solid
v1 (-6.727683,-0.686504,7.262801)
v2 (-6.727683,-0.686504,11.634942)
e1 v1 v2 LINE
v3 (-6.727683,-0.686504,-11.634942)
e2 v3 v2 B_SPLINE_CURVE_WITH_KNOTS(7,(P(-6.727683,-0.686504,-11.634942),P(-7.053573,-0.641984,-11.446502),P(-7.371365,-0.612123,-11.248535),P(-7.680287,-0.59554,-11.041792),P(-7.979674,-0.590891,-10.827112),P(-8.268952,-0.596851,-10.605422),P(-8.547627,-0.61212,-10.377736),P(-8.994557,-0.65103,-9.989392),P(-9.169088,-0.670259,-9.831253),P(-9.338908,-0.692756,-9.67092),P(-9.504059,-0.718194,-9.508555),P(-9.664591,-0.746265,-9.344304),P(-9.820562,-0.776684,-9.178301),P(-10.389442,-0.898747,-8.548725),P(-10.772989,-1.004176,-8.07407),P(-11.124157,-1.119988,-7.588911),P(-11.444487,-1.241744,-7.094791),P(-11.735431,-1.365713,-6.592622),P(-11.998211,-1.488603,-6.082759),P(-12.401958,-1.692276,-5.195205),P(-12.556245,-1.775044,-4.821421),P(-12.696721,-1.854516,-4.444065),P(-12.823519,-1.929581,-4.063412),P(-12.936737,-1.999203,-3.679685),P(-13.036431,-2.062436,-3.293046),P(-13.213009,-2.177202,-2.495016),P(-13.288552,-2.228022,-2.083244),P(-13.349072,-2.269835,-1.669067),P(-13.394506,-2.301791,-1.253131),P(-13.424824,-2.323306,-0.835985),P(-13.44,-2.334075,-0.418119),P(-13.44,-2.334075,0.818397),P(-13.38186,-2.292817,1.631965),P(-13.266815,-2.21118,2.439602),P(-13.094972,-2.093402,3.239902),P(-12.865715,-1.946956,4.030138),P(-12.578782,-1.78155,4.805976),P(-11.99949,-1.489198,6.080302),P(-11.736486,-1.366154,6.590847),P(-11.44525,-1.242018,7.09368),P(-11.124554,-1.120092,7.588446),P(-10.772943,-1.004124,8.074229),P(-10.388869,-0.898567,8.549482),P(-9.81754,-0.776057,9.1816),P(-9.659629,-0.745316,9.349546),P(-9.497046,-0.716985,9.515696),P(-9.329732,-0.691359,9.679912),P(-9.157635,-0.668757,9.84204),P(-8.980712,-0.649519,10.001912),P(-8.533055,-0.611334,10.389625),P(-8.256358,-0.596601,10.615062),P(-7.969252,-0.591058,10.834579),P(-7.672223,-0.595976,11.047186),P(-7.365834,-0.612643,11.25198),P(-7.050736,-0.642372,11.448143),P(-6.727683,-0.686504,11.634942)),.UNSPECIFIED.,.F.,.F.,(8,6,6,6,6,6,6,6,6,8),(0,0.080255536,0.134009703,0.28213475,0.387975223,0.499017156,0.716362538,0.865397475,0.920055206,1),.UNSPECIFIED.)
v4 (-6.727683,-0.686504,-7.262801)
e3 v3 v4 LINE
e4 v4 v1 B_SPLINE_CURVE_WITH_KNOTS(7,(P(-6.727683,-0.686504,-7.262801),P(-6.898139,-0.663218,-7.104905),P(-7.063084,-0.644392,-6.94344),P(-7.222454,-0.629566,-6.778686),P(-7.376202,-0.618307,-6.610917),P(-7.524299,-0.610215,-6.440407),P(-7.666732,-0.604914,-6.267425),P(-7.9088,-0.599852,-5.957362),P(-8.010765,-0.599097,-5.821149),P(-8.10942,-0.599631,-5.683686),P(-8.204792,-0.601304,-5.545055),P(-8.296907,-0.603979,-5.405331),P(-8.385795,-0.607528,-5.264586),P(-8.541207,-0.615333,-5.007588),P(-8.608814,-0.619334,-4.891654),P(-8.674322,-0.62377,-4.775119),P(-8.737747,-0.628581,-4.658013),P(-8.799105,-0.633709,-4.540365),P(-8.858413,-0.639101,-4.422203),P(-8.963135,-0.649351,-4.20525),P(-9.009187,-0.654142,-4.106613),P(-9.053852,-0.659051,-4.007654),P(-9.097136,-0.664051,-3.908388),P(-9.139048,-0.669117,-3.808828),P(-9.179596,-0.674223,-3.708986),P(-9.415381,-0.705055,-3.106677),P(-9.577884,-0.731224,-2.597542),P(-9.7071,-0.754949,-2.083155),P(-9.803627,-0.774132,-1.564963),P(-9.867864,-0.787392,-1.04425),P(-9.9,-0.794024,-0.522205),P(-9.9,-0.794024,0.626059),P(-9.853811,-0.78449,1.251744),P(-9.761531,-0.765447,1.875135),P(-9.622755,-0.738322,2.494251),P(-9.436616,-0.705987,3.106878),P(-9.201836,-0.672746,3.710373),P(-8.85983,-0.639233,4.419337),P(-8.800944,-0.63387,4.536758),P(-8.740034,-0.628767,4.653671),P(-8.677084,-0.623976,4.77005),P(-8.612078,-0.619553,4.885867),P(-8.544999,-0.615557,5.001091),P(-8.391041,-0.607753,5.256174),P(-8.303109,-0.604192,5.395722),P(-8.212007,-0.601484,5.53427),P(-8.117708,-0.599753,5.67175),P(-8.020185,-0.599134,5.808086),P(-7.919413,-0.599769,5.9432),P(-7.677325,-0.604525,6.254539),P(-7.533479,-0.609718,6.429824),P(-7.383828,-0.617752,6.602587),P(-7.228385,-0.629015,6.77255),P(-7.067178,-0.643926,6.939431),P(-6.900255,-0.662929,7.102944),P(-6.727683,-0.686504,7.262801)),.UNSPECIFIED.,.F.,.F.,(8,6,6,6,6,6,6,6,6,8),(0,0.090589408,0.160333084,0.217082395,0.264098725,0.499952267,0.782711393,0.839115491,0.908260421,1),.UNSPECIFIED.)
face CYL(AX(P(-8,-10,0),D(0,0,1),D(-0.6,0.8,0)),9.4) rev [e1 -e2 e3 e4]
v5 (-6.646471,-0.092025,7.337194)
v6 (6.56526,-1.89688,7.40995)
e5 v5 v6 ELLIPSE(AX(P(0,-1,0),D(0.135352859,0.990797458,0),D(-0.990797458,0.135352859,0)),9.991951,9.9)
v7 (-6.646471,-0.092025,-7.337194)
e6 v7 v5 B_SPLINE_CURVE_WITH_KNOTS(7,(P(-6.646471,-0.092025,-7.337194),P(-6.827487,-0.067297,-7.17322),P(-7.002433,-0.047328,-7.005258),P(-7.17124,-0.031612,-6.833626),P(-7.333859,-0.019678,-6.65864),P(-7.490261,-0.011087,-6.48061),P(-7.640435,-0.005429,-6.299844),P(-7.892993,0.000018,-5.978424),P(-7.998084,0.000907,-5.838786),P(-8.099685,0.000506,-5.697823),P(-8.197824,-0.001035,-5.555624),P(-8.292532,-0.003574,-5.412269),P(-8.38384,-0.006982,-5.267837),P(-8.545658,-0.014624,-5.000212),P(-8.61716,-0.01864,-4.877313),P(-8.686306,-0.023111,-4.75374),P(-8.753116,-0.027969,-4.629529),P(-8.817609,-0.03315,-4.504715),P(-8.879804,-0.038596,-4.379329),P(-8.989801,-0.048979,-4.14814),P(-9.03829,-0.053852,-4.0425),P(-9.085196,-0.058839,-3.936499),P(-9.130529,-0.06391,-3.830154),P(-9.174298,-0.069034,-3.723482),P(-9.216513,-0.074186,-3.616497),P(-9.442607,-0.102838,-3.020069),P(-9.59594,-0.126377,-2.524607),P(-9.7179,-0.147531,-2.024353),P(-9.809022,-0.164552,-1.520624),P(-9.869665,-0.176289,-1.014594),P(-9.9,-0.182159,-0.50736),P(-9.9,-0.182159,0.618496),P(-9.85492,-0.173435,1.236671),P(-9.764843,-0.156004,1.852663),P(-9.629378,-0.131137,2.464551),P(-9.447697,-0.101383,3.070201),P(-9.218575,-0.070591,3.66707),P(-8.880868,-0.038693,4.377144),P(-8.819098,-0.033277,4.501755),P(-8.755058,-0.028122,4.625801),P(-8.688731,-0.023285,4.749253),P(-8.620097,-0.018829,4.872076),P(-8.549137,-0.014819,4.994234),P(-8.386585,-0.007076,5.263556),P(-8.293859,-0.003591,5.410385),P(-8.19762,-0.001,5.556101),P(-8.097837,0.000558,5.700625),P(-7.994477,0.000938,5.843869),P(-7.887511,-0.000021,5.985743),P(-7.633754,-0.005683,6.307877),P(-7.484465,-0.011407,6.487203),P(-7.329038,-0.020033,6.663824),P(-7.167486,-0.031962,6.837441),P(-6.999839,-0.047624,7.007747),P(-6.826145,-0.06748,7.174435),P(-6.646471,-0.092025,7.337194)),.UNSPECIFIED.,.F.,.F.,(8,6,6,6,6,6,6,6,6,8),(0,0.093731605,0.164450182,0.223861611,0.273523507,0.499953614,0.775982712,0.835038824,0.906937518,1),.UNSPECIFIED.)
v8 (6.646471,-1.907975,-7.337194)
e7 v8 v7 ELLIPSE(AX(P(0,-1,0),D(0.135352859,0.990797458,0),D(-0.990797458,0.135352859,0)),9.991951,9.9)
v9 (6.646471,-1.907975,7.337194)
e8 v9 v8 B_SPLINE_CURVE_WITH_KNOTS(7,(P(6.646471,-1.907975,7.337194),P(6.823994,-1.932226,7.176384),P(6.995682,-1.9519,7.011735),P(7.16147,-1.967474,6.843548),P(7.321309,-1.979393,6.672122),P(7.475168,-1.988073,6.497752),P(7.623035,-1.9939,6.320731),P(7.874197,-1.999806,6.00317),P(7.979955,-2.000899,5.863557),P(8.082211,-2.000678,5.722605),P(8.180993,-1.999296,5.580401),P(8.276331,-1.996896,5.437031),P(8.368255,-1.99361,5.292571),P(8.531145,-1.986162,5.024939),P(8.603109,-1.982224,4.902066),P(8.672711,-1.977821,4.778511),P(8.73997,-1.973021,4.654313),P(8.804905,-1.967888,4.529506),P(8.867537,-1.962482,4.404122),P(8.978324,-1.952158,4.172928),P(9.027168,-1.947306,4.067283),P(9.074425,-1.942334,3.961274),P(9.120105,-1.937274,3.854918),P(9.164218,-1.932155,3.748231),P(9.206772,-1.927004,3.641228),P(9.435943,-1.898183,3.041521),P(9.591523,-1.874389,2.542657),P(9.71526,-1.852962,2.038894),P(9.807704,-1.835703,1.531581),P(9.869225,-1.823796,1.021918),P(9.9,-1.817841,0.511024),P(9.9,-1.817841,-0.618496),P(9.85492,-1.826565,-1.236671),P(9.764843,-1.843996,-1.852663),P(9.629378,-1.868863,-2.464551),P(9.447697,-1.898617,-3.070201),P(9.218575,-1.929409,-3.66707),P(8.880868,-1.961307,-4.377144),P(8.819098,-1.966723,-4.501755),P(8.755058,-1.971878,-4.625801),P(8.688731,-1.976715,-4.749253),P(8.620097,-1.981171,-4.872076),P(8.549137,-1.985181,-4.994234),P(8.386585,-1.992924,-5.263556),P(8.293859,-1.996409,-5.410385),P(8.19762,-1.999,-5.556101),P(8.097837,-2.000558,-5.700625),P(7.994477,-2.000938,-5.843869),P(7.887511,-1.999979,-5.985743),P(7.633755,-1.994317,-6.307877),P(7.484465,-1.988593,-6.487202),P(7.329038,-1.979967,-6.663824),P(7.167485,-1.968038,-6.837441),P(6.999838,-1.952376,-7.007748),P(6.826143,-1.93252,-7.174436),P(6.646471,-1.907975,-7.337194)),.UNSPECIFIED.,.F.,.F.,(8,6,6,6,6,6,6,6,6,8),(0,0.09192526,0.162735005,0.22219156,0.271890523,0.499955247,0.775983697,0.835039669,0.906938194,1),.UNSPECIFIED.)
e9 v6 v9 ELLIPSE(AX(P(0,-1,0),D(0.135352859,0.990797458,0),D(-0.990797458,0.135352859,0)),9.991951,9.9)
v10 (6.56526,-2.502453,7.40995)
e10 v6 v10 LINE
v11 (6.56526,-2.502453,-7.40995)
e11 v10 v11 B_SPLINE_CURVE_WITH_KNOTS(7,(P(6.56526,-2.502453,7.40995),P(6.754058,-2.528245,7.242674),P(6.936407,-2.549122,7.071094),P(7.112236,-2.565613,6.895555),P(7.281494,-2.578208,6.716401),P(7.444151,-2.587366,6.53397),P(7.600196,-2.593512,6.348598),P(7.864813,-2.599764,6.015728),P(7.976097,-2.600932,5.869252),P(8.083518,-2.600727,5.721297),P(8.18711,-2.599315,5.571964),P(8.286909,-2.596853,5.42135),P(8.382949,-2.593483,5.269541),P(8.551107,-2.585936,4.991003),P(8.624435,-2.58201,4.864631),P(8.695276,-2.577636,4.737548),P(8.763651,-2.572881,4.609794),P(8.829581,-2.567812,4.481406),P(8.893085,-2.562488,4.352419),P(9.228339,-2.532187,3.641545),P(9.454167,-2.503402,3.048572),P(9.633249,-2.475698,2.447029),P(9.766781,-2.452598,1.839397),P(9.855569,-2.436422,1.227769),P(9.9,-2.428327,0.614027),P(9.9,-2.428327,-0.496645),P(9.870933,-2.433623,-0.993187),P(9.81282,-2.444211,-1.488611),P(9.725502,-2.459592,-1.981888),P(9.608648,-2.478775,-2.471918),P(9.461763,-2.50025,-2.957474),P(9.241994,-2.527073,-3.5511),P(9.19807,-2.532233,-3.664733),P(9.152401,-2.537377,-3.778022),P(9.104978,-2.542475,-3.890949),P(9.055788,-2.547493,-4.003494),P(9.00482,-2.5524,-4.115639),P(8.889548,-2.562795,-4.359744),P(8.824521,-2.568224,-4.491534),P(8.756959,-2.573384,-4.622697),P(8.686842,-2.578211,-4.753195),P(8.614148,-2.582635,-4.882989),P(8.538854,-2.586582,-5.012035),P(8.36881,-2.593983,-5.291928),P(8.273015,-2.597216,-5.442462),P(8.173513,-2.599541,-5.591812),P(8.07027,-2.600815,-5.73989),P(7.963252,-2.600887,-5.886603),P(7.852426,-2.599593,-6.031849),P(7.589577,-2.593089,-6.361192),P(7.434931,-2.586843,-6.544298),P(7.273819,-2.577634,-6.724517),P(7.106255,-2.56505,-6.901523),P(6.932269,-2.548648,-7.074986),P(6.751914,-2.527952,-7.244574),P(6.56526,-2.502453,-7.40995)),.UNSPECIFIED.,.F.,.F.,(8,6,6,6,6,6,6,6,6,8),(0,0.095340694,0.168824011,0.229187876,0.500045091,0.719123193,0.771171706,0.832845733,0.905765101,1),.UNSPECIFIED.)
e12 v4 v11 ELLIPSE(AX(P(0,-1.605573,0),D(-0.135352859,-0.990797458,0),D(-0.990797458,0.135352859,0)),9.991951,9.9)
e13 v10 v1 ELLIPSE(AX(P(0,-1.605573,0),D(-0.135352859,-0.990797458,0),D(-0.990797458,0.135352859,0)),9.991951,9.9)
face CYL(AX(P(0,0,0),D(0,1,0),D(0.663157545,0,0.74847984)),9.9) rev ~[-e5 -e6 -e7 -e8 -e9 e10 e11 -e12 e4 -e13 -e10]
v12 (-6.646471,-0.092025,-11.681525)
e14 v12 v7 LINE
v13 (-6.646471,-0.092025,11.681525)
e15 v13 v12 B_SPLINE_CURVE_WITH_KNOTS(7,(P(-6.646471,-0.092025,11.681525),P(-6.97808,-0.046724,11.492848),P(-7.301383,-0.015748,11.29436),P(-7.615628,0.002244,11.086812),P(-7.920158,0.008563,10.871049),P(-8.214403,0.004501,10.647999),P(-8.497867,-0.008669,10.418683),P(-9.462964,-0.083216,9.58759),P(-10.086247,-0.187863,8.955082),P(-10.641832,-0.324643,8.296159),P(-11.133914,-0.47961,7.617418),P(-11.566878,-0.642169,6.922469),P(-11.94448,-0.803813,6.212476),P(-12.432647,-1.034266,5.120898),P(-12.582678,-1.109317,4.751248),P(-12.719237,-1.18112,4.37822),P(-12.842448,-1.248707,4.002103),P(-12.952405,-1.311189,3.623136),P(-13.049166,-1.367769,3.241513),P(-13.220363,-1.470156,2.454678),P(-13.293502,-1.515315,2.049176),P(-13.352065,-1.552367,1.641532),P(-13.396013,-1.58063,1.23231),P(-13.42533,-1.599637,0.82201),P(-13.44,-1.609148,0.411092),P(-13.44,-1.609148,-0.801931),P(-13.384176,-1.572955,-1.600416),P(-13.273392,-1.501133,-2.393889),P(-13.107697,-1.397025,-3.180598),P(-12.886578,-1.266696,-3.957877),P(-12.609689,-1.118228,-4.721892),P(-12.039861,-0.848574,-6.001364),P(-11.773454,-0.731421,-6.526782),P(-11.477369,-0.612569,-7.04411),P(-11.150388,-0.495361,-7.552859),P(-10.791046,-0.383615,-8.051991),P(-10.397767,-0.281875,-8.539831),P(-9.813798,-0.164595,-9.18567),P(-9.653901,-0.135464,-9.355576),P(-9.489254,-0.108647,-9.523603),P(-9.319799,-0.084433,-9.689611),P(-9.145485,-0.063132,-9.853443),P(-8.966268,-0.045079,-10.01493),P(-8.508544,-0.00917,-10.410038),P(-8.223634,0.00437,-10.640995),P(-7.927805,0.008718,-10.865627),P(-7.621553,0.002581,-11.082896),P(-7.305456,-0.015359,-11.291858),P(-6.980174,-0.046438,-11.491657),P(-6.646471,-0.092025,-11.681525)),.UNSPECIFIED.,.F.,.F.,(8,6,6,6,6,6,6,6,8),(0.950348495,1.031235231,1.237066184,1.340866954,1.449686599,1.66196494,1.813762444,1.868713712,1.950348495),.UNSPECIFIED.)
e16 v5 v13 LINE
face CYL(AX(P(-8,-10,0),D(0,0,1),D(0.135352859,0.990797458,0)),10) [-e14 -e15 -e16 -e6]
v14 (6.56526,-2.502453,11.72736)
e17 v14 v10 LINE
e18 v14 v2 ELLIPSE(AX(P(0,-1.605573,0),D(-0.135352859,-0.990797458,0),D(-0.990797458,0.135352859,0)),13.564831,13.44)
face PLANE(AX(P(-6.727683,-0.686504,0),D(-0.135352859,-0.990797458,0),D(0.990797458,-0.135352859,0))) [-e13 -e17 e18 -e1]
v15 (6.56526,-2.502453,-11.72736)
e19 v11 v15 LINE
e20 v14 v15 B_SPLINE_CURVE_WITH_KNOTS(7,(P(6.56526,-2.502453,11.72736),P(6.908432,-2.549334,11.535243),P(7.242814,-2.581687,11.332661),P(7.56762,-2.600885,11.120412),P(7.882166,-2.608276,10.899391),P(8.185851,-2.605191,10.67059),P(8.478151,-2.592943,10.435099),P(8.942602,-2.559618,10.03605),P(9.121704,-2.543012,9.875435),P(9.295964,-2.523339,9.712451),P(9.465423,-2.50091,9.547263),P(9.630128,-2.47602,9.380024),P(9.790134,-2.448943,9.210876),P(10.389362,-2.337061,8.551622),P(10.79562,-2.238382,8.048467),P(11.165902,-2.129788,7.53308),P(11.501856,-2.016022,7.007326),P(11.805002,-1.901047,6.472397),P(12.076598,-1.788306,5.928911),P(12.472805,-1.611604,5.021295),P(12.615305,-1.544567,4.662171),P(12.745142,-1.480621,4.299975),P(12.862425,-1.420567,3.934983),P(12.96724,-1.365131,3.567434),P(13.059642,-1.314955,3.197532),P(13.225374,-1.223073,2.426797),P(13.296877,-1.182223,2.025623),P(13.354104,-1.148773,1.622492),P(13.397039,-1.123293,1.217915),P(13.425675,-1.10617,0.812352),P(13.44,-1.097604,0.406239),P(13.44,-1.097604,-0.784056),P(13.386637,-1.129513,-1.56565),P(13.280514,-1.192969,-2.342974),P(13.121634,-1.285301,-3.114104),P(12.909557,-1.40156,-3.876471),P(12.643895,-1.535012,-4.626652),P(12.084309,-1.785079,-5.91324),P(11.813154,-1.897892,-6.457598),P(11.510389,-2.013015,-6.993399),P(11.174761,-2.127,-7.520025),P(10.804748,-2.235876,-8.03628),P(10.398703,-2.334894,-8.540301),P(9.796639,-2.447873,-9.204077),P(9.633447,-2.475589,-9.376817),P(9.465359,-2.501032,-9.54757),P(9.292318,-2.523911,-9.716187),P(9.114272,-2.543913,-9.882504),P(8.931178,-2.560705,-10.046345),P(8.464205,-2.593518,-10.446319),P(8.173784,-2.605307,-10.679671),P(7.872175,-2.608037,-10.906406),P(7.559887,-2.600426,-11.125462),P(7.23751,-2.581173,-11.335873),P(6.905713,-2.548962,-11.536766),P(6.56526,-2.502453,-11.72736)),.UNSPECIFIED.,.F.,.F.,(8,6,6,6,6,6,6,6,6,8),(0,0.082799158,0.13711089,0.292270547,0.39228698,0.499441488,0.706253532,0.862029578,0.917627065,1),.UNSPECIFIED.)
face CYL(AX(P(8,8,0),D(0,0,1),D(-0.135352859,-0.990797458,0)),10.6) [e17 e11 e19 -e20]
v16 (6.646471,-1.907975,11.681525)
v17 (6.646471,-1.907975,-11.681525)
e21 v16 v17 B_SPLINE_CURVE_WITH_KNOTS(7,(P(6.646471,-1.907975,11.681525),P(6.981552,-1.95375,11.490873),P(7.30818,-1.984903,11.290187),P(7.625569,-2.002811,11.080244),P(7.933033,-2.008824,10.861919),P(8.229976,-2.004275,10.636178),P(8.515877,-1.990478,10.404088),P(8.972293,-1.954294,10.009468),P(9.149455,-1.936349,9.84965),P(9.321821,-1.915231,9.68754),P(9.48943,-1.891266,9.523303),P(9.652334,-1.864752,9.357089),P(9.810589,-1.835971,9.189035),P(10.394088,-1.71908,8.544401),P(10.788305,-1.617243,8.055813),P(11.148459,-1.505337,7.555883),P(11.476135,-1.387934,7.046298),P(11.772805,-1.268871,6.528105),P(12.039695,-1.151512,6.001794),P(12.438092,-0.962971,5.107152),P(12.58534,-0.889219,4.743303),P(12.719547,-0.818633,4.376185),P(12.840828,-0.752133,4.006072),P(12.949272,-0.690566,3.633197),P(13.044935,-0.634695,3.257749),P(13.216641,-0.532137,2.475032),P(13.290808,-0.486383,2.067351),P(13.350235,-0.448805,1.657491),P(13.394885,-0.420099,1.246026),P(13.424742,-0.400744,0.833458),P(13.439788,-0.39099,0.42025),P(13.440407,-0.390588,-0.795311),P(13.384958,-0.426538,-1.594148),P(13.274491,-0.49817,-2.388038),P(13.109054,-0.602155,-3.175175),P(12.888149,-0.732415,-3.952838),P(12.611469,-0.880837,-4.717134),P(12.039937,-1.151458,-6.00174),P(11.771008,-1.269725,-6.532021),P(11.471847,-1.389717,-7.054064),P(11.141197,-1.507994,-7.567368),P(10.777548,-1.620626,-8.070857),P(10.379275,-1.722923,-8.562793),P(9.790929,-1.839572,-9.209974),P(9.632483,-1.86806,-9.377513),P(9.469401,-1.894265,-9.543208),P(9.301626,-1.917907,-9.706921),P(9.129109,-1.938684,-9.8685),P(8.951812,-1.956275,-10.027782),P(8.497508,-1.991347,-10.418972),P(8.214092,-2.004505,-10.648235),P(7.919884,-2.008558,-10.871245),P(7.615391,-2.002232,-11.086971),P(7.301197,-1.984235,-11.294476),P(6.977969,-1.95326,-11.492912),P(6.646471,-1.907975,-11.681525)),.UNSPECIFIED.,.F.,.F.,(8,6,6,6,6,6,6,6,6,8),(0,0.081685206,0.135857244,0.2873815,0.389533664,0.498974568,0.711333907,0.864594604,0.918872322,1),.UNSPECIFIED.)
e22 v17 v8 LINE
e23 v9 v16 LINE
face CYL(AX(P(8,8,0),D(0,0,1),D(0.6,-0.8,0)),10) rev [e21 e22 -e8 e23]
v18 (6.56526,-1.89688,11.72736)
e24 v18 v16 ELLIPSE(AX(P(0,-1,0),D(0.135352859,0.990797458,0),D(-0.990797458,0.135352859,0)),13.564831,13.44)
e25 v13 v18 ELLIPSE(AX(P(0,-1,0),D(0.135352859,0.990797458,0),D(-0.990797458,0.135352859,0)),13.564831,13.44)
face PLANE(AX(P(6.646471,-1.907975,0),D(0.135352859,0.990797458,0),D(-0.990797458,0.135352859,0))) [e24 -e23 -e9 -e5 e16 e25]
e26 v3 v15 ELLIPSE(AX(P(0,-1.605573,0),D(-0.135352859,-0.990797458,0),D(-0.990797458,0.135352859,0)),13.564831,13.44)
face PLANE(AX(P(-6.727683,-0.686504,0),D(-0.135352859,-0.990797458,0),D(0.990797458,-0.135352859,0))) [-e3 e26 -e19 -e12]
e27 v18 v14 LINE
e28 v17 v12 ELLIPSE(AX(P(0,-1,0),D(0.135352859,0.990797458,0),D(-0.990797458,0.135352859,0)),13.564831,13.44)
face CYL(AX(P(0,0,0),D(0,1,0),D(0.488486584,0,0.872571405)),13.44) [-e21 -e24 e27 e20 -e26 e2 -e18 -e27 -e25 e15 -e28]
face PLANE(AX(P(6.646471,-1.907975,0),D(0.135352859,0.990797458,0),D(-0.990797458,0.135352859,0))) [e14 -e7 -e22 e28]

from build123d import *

# Parameters (mm, degrees)
EXTRUDE_THIN1_DEPTH = 15
SKETCH2_OUTSIDE_W   = 38.632
SKETCH2_OUTSIDE_H   = 40.272
SKETCH2_OUTSIDE_R   = 13.44
SKETCH2_OUTSIDE_R_2 = 9.9
EXTRUDE1_DEPTH      = 30


with BuildPart() as part:
    # Sketch1 → Extrude-Thin1 (new, symmetric)
    with BuildSketch(Plane.XY):
        with BuildLine():
            ThreePointArc((14, 0), (10.511476834, -1.679487802), (6.646471406, -1.907974583))
            Line((6.646471406, -1.907974583), (-6.646471406, -0.092025417))
            ThreePointArc((-6.646471406, -0.092025417), (-10.511476834, -0.320512198), (-14, -2))
            Line((-14, -2), (-13.64, -2.48))
            ThreePointArc((-13.64, -2.48), (-10.360788224, -0.901281466), (-6.727683122, -0.686503892))
            Line((-6.727683122, -0.686503892), (6.565259691, -2.502453058))
            ThreePointArc((6.565259691, -2.502453058), (10.662165444, -2.26025707), (14.36, -0.48))
            Line((14.36, -0.48), (14, 0))
        make_face()
    extrude(amount=EXTRUDE_THIN1_DEPTH, both=True)

    # Sketch2 outside → Extrude1 (cut)
    # profile 1 of 2: a face of its own
    with BuildSketch(Plane(origin=(0, 0, 0), x_dir=(1, 0, 0), z_dir=(0, 1, 0))):
        with Locations((0.18, 0)):
            Rectangle(SKETCH2_OUTSIDE_W, SKETCH2_OUTSIDE_H)
        with Locations(Location((0, 0, 0), (0, 0, 299.241157593))):
            Circle(SKETCH2_OUTSIDE_R, mode=Mode.SUBTRACT)
    # profile 2 of 2: a face of its own
    with BuildSketch(Plane(origin=(0, 0, 0), x_dir=(1, 0, 0), z_dir=(0, 1, 0))):
        with Locations(Location((0, 0, 0), (0, 0, 311.541132012))):
            Circle(SKETCH2_OUTSIDE_R_2)
    extrude(amount=-EXTRUDE1_DEPTH, mode=Mode.SUBTRACT)


solid = part.part
